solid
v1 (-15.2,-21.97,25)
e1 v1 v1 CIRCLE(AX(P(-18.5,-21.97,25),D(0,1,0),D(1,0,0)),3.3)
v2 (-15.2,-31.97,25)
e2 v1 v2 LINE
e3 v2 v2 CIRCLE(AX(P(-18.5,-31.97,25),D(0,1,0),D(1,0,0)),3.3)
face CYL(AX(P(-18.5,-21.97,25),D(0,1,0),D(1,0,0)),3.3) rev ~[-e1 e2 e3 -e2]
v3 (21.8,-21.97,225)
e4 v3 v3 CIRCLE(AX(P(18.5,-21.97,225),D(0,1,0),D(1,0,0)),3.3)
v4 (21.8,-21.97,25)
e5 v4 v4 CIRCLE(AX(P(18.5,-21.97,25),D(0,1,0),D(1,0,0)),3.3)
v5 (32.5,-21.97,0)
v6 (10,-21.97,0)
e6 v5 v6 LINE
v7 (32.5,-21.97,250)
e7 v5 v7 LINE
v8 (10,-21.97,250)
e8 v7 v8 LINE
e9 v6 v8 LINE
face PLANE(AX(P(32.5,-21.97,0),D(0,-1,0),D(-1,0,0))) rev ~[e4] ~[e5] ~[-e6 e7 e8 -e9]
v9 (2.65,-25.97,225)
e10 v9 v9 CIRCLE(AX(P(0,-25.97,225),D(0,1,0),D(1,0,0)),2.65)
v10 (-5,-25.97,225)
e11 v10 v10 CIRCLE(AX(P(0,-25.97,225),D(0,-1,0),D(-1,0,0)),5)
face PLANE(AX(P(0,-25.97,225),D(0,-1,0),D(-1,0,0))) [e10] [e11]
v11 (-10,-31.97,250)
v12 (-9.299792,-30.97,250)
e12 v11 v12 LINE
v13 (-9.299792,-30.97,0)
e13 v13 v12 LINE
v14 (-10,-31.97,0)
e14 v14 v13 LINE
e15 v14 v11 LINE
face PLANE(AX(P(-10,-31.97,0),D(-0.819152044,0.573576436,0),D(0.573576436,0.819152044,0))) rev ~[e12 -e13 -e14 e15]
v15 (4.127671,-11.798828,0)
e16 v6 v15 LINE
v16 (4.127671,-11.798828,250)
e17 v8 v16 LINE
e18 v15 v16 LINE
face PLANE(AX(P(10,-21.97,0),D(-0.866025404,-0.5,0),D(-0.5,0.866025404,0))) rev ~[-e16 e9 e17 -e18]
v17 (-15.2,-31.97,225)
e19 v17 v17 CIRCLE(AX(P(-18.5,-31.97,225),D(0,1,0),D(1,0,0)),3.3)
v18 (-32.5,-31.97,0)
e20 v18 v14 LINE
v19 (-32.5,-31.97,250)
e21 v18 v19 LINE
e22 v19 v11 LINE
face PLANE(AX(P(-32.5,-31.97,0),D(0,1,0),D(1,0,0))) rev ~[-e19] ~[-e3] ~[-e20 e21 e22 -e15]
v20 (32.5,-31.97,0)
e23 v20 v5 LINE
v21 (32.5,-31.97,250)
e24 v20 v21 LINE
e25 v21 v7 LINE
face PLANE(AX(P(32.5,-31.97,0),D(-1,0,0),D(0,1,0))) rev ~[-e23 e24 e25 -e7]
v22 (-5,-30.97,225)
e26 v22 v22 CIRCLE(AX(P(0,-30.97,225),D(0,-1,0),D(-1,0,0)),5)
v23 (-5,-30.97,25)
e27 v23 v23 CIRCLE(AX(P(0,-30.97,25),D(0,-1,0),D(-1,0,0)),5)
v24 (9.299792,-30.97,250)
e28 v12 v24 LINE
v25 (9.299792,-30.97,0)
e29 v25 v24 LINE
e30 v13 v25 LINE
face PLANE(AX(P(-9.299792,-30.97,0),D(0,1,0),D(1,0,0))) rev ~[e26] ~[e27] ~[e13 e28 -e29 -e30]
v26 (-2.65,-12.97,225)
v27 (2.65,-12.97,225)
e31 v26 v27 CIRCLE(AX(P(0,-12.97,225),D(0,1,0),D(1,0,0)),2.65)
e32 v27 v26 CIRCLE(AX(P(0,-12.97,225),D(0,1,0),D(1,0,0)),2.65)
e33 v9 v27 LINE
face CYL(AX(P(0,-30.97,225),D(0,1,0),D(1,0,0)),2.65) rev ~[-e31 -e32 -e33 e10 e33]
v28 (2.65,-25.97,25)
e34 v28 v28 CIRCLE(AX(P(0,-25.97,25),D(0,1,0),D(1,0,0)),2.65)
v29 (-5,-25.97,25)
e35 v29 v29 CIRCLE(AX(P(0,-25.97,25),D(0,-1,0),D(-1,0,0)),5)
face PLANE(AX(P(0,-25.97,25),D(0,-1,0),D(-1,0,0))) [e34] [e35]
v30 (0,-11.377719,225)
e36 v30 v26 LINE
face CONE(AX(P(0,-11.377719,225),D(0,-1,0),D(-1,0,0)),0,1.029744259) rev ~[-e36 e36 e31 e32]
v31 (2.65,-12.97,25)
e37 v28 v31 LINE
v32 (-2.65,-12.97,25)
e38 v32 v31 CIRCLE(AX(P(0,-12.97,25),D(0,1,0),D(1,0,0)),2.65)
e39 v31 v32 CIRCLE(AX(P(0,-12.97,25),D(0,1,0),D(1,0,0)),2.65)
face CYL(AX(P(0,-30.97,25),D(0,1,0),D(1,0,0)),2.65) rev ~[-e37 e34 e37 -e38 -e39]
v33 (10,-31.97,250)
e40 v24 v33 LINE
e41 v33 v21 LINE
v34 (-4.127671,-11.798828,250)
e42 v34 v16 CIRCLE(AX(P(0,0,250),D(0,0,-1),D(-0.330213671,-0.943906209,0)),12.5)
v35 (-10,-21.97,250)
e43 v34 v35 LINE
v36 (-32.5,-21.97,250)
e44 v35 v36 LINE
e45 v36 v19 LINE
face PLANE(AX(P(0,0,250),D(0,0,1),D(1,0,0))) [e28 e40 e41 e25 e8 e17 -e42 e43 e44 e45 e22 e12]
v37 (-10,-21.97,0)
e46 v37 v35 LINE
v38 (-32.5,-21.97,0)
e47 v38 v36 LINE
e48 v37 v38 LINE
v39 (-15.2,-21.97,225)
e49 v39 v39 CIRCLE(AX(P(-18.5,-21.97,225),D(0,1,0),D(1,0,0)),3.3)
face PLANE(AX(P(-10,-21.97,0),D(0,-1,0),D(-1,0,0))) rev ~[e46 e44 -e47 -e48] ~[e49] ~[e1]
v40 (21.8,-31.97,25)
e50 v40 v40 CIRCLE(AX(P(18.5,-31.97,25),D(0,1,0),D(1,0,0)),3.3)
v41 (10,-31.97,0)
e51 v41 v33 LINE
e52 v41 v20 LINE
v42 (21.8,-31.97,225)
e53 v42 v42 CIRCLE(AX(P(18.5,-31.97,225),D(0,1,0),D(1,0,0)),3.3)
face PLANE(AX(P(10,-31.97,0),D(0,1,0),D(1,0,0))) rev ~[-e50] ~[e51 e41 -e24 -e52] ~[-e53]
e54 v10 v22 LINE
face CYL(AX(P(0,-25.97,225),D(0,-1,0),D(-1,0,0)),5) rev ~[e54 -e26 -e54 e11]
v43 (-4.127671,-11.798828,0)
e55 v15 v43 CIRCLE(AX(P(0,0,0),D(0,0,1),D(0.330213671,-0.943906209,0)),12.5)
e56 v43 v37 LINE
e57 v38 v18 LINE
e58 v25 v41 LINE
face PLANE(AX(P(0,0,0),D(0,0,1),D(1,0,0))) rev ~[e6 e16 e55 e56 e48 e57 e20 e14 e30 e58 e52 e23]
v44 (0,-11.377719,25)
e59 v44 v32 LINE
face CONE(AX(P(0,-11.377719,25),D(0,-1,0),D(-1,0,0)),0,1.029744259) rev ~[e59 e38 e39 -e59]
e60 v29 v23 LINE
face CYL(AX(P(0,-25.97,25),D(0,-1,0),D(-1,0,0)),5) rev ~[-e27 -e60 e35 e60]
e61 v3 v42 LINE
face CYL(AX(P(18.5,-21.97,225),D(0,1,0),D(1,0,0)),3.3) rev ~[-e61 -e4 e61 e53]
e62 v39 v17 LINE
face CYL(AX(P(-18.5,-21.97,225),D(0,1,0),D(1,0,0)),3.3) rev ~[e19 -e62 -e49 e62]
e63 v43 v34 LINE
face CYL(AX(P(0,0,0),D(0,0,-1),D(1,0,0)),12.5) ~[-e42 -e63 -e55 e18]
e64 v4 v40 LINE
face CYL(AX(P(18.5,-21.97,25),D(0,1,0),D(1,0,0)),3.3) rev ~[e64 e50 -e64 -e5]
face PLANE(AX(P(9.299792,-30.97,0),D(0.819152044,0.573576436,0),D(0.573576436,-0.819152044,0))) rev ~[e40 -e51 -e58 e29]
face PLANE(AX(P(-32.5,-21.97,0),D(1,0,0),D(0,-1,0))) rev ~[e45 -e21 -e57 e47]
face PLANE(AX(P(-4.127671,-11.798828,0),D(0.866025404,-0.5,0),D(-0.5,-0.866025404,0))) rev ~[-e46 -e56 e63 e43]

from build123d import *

# Parameters (mm, degrees)
SKETCH_2_R                  = 12.5
EXTRUDE_2_DEPTH             = 250
EXTRUDE_3_DEPTH             = 250
SKETCH_7_R                  = 3.3
CUT_EXTRUDE_1_DEPTH         = 11
HOLE_WIZARD_M51_D           = 5.3
HOLE_WIZARD_M51_DEPTH       = 18
HOLE_WIZARD_M51_CBORE_D     = 10
HOLE_WIZARD_M51_CBORE_DEPTH = 5
HOLE_WIZARD_M51_TIP         = 1.59228064


with BuildPart() as part:
    # Эскиз2 → Бобышка-Вытянуть2 (new body)
    with BuildSketch(Plane.XY):
        Circle(SKETCH_2_R)
    extrude(amount=EXTRUDE_2_DEPTH)

    # Эскиз2<4> → Бобышка-Вытянуть3 (add)
    with BuildSketch(Plane.XY):
        with BuildLine():
            Line((10, -21.97), (4.127670885, -11.798827614))
            ThreePointArc((4.127670885, -11.798827614), (0, -12.5), (-4.127670885, -11.798827614))
            Line((-4.127670885, -11.798827614), (-10, -21.97))
            Line((-10, -21.97), (-32.5, -21.97))
            Line((-32.5, -21.97), (-32.5, -31.97))
            Line((-32.5, -31.97), (-10, -31.97))
            Line((-10, -31.97), (-9.299792462, -30.97))
            Line((-9.299792462, -30.97), (9.299792462, -30.97))
            Line((9.299792462, -30.97), (10, -31.97))
            Line((10, -31.97), (32.5, -31.97))
            Line((32.5, -31.97), (32.5, -21.97))
            Line((32.5, -21.97), (10, -21.97))
        make_face()
    extrude(amount=EXTRUDE_3_DEPTH)

    # Эскиз7 → Вырез-Вытянуть1 (cut, through all)
    with BuildSketch(Plane(origin=(0, -21.97, 0), x_dir=(1, 0, 0), z_dir=(0, 1, 0))):
        with Locations((-18.5, -225)):
            Circle(SKETCH_7_R)
        with Locations((18.5, -225)):
            Circle(SKETCH_7_R)
        with Locations((18.5, -25)):
            Circle(SKETCH_7_R)
        with Locations((-18.5, -25)):
            Circle(SKETCH_7_R)
    extrude(amount=-CUT_EXTRUDE_1_DEPTH, mode=Mode.SUBTRACT)

    # Цековка для винта с внутренним шестигранником M51
    with Locations(Plane(origin=(0, -30.97, 0), x_dir=(-1, 0, 0), z_dir=(0, -1, 0))):
        with Locations((0, -25), (0, -225)):
            CounterBoreHole(HOLE_WIZARD_M51_D / 2, HOLE_WIZARD_M51_CBORE_D / 2, HOLE_WIZARD_M51_CBORE_DEPTH, depth=HOLE_WIZARD_M51_DEPTH)
            with Locations((0, 0, -(HOLE_WIZARD_M51_DEPTH + HOLE_WIZARD_M51_TIP / 2))):  # 118° drill point
                Cone(0, HOLE_WIZARD_M51_D / 2, HOLE_WIZARD_M51_TIP, mode=Mode.SUBTRACT)


solid = part.part
